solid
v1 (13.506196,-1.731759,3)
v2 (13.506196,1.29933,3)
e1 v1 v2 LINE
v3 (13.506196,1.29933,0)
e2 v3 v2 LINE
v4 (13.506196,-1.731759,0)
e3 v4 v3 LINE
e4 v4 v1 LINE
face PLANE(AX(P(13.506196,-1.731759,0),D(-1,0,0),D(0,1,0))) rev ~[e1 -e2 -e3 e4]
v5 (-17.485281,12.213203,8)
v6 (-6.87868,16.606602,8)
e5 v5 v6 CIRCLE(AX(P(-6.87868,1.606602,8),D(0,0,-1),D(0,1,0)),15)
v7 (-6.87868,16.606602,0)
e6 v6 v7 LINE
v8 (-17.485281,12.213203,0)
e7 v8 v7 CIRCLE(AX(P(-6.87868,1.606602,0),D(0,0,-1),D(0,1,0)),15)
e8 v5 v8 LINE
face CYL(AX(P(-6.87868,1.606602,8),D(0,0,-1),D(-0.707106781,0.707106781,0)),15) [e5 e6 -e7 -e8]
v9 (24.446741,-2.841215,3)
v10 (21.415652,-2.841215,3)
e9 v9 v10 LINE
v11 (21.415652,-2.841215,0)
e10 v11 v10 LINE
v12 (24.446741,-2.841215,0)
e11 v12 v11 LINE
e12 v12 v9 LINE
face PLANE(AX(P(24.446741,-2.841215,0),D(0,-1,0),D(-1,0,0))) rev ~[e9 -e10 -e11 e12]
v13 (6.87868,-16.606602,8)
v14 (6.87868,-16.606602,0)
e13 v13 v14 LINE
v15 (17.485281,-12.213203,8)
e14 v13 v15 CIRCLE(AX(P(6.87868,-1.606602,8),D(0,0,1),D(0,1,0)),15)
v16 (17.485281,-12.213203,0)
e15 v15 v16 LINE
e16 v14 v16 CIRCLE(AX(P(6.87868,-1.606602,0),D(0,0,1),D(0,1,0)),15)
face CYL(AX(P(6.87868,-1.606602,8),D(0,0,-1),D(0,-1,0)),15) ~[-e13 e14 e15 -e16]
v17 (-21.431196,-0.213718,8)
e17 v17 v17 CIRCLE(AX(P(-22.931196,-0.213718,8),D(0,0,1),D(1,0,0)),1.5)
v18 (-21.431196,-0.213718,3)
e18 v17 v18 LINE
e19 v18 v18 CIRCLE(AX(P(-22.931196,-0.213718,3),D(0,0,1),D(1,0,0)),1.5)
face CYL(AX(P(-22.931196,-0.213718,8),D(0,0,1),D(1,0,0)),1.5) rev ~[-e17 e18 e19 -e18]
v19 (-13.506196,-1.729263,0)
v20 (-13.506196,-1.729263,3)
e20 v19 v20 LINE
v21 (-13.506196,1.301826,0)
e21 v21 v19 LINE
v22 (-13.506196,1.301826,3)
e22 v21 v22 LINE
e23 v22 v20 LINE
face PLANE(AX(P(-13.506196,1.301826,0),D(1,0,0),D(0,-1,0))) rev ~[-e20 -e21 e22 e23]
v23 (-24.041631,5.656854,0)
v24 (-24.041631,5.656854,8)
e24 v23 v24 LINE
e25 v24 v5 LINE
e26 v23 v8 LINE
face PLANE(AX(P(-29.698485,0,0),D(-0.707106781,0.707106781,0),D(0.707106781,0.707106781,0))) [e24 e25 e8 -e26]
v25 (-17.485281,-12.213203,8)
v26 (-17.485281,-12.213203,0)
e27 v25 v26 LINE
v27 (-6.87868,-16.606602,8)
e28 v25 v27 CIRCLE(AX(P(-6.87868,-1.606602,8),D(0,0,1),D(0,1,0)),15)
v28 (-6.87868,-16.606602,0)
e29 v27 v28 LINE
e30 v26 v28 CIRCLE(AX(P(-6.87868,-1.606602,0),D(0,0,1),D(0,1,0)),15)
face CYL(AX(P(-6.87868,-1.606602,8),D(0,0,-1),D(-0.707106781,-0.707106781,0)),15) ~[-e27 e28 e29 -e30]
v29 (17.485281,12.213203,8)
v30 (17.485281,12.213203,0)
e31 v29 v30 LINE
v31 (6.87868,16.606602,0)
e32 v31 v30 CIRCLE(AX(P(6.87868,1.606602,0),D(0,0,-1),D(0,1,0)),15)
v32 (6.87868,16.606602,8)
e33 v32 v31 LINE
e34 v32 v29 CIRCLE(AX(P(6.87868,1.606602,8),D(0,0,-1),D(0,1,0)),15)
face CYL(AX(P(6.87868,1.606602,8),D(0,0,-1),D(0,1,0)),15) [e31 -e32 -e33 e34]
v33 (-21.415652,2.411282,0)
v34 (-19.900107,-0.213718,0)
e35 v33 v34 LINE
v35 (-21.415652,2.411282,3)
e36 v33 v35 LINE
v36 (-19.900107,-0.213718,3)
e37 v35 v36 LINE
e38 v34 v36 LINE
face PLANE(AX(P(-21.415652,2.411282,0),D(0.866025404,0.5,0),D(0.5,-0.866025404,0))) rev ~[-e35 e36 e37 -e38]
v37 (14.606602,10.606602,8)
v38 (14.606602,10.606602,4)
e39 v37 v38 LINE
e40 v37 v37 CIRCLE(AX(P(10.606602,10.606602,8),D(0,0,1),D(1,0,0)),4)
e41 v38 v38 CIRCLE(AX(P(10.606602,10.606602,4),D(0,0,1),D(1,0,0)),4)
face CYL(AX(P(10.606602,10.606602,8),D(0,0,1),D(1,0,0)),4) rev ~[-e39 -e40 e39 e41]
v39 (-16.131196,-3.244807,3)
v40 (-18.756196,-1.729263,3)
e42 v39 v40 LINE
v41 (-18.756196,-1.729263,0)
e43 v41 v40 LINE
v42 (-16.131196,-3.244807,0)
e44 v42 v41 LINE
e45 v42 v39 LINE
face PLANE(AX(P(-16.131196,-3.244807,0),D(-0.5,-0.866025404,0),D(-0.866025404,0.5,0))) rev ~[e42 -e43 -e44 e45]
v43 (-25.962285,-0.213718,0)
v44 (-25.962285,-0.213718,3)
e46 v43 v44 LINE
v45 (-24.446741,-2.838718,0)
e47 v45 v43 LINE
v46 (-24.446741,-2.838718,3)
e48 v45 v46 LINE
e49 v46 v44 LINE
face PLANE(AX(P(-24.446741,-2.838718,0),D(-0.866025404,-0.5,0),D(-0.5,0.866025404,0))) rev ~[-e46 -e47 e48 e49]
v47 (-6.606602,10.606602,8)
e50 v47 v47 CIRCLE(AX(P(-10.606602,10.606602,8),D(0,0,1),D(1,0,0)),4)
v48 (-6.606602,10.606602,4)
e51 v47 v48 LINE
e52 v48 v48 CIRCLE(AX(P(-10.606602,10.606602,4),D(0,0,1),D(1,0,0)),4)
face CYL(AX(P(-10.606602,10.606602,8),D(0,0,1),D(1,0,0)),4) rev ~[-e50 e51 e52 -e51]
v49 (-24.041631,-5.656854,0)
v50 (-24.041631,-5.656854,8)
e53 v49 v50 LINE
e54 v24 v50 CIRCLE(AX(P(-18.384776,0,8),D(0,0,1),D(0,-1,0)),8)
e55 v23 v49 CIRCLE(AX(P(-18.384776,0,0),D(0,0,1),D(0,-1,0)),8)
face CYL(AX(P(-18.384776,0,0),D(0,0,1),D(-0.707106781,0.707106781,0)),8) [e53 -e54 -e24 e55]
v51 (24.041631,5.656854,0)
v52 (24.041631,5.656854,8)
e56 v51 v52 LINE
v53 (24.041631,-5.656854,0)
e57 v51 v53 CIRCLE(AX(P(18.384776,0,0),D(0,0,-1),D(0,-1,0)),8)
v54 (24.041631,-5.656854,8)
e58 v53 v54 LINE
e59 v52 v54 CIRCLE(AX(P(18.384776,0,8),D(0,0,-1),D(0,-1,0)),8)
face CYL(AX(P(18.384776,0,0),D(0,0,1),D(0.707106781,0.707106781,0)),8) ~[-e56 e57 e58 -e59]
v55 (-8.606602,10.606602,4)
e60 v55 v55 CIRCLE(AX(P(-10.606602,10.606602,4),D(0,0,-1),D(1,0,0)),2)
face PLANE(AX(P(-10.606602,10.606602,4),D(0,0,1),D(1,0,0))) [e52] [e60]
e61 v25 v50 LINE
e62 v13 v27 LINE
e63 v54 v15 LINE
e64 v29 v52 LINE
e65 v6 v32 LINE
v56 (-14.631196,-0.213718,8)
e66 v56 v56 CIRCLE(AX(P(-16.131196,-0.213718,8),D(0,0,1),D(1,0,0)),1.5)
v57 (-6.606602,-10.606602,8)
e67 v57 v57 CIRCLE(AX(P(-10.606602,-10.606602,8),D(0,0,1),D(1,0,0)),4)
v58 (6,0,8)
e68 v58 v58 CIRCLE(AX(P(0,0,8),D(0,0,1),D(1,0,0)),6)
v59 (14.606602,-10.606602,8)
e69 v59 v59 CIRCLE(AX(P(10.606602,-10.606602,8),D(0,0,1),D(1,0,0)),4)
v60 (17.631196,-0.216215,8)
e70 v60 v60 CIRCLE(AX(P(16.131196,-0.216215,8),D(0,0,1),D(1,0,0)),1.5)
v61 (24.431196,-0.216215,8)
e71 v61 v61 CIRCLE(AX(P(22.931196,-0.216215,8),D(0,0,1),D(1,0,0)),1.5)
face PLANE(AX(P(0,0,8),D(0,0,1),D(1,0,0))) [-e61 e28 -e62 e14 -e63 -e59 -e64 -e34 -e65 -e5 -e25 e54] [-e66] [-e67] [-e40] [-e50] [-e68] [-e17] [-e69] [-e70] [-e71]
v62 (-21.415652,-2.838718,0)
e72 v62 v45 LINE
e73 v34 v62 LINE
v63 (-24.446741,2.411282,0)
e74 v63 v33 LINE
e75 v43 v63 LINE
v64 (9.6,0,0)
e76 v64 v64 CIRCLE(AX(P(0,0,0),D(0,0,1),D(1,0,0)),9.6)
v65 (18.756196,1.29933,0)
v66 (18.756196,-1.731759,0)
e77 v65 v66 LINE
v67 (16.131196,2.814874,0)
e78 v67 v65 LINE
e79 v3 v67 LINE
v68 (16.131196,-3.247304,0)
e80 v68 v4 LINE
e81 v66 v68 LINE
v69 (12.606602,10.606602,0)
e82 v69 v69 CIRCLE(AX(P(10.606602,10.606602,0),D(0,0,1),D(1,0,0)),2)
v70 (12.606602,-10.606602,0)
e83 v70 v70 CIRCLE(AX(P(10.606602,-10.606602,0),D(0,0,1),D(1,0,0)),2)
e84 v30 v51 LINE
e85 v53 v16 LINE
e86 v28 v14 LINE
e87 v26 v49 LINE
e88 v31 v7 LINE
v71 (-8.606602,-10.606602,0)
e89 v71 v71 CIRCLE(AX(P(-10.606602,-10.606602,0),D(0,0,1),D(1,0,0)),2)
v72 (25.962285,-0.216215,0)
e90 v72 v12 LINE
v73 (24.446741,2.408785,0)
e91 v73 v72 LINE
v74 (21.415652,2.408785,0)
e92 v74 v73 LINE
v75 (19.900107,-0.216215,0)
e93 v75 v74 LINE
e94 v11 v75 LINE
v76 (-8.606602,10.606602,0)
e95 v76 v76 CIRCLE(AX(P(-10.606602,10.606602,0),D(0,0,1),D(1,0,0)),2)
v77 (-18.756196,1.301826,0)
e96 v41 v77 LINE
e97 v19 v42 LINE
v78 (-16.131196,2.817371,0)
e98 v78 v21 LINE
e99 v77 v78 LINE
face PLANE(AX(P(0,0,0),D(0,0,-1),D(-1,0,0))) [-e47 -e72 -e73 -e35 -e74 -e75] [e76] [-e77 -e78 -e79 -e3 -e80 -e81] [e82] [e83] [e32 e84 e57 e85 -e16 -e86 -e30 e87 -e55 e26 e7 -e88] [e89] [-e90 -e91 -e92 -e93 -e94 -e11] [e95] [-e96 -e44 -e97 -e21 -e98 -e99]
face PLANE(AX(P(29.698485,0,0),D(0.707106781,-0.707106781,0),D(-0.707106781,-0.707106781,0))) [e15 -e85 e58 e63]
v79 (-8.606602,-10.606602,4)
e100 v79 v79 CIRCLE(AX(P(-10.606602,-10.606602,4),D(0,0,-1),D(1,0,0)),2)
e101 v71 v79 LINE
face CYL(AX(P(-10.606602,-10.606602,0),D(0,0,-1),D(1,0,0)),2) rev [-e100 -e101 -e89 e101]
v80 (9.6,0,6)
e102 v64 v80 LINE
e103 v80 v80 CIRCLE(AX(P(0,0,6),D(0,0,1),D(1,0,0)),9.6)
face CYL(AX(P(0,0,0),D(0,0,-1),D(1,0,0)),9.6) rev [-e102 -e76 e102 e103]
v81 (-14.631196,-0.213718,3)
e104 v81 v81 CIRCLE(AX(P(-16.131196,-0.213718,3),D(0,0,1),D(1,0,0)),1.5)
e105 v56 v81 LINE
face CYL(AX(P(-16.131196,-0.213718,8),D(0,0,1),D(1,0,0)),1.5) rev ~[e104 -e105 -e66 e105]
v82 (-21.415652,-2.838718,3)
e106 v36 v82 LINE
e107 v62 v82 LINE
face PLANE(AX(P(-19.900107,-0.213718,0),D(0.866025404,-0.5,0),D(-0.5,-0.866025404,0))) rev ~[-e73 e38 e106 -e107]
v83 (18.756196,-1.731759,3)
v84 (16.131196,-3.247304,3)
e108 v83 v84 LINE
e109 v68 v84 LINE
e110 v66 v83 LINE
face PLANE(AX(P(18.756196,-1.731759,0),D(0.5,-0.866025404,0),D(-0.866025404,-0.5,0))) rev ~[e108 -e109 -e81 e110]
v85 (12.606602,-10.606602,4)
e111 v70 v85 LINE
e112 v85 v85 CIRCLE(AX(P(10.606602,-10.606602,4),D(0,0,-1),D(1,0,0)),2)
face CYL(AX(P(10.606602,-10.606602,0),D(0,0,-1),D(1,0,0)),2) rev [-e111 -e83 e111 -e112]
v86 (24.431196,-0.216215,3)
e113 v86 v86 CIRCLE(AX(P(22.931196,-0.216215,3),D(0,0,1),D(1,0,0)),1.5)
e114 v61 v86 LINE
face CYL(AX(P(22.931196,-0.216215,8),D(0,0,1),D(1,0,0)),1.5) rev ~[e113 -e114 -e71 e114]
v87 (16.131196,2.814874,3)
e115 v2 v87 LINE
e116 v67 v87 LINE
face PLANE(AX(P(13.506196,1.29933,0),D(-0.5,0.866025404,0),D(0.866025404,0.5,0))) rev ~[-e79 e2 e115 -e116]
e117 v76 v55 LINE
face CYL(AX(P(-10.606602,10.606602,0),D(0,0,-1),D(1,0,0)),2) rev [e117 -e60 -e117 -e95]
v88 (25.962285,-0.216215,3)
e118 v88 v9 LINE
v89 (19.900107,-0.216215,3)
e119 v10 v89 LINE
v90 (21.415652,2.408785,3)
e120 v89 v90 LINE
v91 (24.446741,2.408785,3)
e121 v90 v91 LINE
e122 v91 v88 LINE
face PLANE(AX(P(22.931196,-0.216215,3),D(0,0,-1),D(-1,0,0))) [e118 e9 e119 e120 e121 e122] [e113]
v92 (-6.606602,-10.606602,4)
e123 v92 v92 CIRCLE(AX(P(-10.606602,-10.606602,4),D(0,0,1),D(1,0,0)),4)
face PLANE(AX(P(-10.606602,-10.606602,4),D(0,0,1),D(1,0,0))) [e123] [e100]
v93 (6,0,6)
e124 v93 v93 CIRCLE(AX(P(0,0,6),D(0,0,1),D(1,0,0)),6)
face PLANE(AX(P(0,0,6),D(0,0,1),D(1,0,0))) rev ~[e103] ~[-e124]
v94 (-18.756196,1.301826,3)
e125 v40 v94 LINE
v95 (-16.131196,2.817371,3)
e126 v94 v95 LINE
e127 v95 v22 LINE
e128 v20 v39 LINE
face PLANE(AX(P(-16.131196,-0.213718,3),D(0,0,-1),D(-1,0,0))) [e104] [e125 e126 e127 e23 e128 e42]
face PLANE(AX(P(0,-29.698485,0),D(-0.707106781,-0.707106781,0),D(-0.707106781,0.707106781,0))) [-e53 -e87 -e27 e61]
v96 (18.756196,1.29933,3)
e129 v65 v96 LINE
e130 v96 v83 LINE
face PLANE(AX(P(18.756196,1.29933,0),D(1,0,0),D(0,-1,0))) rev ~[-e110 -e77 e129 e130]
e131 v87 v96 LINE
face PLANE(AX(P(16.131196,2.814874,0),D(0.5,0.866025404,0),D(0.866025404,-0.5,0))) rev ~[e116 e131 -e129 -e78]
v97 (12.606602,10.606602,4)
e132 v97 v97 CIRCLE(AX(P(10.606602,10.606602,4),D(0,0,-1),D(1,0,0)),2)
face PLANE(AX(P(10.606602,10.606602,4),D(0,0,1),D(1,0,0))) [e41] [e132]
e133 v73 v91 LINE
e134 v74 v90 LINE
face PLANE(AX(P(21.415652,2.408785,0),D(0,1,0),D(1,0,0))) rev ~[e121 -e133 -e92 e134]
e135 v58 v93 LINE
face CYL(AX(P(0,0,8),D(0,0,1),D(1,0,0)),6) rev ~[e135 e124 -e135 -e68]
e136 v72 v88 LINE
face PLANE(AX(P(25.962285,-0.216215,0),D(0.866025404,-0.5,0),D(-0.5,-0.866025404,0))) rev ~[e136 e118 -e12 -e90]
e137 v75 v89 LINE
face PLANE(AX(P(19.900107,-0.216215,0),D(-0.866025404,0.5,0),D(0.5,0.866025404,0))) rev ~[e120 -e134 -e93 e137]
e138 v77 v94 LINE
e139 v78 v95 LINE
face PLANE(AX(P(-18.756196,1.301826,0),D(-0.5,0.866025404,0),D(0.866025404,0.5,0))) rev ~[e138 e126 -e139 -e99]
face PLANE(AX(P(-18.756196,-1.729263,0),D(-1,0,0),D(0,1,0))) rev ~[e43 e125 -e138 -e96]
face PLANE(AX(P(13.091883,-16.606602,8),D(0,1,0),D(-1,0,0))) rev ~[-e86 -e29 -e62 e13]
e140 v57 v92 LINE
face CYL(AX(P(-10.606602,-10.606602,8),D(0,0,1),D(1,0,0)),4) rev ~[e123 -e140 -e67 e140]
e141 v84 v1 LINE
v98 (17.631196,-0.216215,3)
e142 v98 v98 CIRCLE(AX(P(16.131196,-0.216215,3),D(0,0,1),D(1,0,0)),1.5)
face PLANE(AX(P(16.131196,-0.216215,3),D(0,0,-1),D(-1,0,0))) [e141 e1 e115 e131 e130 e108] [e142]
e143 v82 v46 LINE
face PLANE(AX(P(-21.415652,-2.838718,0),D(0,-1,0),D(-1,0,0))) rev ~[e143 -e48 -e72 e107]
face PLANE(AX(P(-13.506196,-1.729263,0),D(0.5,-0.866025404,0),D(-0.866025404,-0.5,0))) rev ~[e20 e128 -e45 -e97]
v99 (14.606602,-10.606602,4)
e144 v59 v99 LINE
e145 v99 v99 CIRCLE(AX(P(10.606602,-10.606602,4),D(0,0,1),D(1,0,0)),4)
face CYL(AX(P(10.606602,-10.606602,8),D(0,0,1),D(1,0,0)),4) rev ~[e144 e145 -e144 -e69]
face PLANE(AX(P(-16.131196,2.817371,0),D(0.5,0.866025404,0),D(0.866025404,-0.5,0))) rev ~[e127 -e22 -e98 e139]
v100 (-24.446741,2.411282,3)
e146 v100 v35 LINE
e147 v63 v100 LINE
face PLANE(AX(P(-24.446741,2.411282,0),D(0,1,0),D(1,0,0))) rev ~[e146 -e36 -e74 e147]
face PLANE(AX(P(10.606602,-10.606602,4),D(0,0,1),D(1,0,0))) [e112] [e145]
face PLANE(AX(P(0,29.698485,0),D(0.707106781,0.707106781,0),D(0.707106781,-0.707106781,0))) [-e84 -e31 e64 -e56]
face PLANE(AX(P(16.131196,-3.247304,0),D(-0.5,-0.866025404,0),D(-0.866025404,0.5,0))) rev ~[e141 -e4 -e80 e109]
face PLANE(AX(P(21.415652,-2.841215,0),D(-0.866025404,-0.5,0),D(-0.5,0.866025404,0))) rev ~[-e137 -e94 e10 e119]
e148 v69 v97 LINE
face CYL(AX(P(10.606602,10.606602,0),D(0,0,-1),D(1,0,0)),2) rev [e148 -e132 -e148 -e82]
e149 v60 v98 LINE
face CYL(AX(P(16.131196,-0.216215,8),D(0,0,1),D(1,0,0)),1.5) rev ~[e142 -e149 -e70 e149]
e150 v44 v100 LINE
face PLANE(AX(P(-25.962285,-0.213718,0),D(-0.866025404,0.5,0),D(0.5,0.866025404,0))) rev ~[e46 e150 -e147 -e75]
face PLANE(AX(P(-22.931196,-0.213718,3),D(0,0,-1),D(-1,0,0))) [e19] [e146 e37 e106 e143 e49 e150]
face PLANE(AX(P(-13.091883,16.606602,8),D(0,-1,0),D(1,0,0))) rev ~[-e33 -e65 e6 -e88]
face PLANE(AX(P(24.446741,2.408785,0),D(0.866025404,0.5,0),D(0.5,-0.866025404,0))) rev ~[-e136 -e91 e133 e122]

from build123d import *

# Parameters (mm, degrees)
SKETCH1_R           = 2
SKETCH1_R_2         = 9.6
BOSS_EXTRUDE1_DEPTH = 8
SKETCH2_R           = 4
CUT_EXTRUDE1_DEPTH  = 4
SKETCH3_R           = 1.5
CUT_EXTRUDE2_DEPTH  = 10
CUT_EXTRUDE3_DEPTH  = 3
FILLET1_R           = 8
CUT_EXTRUDE4_DEPTH  = 9
FILLET2_R           = 15
SKETCH7_R           = 9.6
SKETCH7_R_2         = 6
BOSS_EXTRUDE2_DEPTH = 2


with BuildPart() as part:
    # Sketch1 → Boss-Extrude1 (new body)
    with BuildSketch(Plane.XY):
        Polygon((-29.69848481, 0), (0, 29.69848481), (29.69848481, 0), (0, -29.69848481), align=None)
        with Locations((10.606601718, 10.606601718)):
            Circle(SKETCH1_R, mode=Mode.SUBTRACT)
        with Locations((10.606601718, -10.606601718)):
            Circle(SKETCH1_R, mode=Mode.SUBTRACT)
        with Locations((-10.606601718, -10.606601718)):
            Circle(SKETCH1_R, mode=Mode.SUBTRACT)
        with Locations((-10.606601718, 10.606601718)):
            Circle(SKETCH1_R, mode=Mode.SUBTRACT)
        Circle(SKETCH1_R_2, mode=Mode.SUBTRACT)
    extrude(amount=BOSS_EXTRUDE1_DEPTH)

    # Sketch2 → Cut-Extrude1 (cut)
    with BuildSketch(Plane.XY.offset(8)):
        with Locations((-10.606601718, 10.606601718)):
            Circle(SKETCH2_R)
        with Locations((10.606601718, 10.606601718)):
            Circle(SKETCH2_R)
        with Locations((10.606601718, -10.606601718)):
            Circle(SKETCH2_R)
        with Locations((-10.606601718, -10.606601718)):
            Circle(SKETCH2_R)
    extrude(amount=-CUT_EXTRUDE1_DEPTH, mode=Mode.SUBTRACT)

    # Sketch3 → Cut-Extrude2 (cut)
    with BuildSketch(Plane.XY.offset(8)):
        with Locations((-22.931196288, -0.213718328)):
            Circle(SKETCH3_R)
        with Locations((-16.131196288, -0.213718328)):
            Circle(SKETCH3_R)
        with Locations((16.131196288, -0.216214782)):
            Circle(SKETCH3_R)
        with Locations((22.931196288, -0.216214782)):
            Circle(SKETCH3_R)
    extrude(amount=-CUT_EXTRUDE2_DEPTH, mode=Mode.SUBTRACT)

    # Sketch4 → Cut-Extrude3 (cut)
    with BuildSketch(Plane(origin=(0, 0, 0), x_dir=(-1, 0, 0), z_dir=(0, 0, -1))):
        Polygon((-24.446740745, 2.408785218), (-25.962285202, -0.216214782), (-24.446740745, -2.841214782), (-21.415651832, -2.841214782), (-19.900107375, -0.216214782), (-21.415651832, 2.408785218), align=None)
        Polygon((-13.506196288, 1.299329674), (-16.131196288, 2.814874131), (-18.756196288, 1.299329674), (-18.756196288, -1.731759239), (-16.131196288, -3.247303696), (-13.506196288, -1.731759239), align=None)
        Polygon((18.756196288, 1.301826129), (16.131196288, 2.817370585), (13.506196288, 1.301826129), (13.506196288, -1.729262785), (16.131196288, -3.244807241), (18.756196288, -1.729262785), align=None)
        Polygon((21.415651832, 2.411281672), (19.900107375, -0.213718328), (21.415651832, -2.838718328), (24.446740745, -2.838718328), (25.962285202, -0.213718328), (24.446740745, 2.411281672), align=None)
    extrude(amount=-CUT_EXTRUDE3_DEPTH, mode=Mode.SUBTRACT)

    # Fillet1
    fillet1_edges = [part.edges().sort_by_distance(p)[0] for p in [
        (-29.69848481, 0, 4),
        (29.69848481, 0, 4),
    ]]
    fillet(fillet1_edges, radius=FILLET1_R)

    # Sketch5 → Cut-Extrude4 (cut, through all)
    with BuildSketch(Plane.XY.offset(8)):
        Polygon((13.091883092, 16.606601718), (0, 29.69848481), (-13.091883092, 16.606601718), align=None)
        Polygon((-13.091883092, -16.606601718), (0, -29.69848481), (13.091883092, -16.606601718), align=None)
    extrude(amount=-CUT_EXTRUDE4_DEPTH, mode=Mode.SUBTRACT)

    # Fillet2
    fillet2_edges = [part.edges().sort_by_distance(p)[0] for p in [
        (13.091883092, 16.606601718, 4),
        (-13.091883092, 16.606601718, 4),
        (-13.091883092, -16.606601718, 4),
        (13.091883092, -16.606601718, 4),
    ]]
    fillet(fillet2_edges, radius=FILLET2_R)

    # Sketch7 → Boss-Extrude2 (add)
    with BuildSketch(Plane.XY.offset(8)):
        Circle(SKETCH7_R)
        Circle(SKETCH7_R_2, mode=Mode.SUBTRACT)
    extrude(amount=-BOSS_EXTRUDE2_DEPTH)


solid = part.part
